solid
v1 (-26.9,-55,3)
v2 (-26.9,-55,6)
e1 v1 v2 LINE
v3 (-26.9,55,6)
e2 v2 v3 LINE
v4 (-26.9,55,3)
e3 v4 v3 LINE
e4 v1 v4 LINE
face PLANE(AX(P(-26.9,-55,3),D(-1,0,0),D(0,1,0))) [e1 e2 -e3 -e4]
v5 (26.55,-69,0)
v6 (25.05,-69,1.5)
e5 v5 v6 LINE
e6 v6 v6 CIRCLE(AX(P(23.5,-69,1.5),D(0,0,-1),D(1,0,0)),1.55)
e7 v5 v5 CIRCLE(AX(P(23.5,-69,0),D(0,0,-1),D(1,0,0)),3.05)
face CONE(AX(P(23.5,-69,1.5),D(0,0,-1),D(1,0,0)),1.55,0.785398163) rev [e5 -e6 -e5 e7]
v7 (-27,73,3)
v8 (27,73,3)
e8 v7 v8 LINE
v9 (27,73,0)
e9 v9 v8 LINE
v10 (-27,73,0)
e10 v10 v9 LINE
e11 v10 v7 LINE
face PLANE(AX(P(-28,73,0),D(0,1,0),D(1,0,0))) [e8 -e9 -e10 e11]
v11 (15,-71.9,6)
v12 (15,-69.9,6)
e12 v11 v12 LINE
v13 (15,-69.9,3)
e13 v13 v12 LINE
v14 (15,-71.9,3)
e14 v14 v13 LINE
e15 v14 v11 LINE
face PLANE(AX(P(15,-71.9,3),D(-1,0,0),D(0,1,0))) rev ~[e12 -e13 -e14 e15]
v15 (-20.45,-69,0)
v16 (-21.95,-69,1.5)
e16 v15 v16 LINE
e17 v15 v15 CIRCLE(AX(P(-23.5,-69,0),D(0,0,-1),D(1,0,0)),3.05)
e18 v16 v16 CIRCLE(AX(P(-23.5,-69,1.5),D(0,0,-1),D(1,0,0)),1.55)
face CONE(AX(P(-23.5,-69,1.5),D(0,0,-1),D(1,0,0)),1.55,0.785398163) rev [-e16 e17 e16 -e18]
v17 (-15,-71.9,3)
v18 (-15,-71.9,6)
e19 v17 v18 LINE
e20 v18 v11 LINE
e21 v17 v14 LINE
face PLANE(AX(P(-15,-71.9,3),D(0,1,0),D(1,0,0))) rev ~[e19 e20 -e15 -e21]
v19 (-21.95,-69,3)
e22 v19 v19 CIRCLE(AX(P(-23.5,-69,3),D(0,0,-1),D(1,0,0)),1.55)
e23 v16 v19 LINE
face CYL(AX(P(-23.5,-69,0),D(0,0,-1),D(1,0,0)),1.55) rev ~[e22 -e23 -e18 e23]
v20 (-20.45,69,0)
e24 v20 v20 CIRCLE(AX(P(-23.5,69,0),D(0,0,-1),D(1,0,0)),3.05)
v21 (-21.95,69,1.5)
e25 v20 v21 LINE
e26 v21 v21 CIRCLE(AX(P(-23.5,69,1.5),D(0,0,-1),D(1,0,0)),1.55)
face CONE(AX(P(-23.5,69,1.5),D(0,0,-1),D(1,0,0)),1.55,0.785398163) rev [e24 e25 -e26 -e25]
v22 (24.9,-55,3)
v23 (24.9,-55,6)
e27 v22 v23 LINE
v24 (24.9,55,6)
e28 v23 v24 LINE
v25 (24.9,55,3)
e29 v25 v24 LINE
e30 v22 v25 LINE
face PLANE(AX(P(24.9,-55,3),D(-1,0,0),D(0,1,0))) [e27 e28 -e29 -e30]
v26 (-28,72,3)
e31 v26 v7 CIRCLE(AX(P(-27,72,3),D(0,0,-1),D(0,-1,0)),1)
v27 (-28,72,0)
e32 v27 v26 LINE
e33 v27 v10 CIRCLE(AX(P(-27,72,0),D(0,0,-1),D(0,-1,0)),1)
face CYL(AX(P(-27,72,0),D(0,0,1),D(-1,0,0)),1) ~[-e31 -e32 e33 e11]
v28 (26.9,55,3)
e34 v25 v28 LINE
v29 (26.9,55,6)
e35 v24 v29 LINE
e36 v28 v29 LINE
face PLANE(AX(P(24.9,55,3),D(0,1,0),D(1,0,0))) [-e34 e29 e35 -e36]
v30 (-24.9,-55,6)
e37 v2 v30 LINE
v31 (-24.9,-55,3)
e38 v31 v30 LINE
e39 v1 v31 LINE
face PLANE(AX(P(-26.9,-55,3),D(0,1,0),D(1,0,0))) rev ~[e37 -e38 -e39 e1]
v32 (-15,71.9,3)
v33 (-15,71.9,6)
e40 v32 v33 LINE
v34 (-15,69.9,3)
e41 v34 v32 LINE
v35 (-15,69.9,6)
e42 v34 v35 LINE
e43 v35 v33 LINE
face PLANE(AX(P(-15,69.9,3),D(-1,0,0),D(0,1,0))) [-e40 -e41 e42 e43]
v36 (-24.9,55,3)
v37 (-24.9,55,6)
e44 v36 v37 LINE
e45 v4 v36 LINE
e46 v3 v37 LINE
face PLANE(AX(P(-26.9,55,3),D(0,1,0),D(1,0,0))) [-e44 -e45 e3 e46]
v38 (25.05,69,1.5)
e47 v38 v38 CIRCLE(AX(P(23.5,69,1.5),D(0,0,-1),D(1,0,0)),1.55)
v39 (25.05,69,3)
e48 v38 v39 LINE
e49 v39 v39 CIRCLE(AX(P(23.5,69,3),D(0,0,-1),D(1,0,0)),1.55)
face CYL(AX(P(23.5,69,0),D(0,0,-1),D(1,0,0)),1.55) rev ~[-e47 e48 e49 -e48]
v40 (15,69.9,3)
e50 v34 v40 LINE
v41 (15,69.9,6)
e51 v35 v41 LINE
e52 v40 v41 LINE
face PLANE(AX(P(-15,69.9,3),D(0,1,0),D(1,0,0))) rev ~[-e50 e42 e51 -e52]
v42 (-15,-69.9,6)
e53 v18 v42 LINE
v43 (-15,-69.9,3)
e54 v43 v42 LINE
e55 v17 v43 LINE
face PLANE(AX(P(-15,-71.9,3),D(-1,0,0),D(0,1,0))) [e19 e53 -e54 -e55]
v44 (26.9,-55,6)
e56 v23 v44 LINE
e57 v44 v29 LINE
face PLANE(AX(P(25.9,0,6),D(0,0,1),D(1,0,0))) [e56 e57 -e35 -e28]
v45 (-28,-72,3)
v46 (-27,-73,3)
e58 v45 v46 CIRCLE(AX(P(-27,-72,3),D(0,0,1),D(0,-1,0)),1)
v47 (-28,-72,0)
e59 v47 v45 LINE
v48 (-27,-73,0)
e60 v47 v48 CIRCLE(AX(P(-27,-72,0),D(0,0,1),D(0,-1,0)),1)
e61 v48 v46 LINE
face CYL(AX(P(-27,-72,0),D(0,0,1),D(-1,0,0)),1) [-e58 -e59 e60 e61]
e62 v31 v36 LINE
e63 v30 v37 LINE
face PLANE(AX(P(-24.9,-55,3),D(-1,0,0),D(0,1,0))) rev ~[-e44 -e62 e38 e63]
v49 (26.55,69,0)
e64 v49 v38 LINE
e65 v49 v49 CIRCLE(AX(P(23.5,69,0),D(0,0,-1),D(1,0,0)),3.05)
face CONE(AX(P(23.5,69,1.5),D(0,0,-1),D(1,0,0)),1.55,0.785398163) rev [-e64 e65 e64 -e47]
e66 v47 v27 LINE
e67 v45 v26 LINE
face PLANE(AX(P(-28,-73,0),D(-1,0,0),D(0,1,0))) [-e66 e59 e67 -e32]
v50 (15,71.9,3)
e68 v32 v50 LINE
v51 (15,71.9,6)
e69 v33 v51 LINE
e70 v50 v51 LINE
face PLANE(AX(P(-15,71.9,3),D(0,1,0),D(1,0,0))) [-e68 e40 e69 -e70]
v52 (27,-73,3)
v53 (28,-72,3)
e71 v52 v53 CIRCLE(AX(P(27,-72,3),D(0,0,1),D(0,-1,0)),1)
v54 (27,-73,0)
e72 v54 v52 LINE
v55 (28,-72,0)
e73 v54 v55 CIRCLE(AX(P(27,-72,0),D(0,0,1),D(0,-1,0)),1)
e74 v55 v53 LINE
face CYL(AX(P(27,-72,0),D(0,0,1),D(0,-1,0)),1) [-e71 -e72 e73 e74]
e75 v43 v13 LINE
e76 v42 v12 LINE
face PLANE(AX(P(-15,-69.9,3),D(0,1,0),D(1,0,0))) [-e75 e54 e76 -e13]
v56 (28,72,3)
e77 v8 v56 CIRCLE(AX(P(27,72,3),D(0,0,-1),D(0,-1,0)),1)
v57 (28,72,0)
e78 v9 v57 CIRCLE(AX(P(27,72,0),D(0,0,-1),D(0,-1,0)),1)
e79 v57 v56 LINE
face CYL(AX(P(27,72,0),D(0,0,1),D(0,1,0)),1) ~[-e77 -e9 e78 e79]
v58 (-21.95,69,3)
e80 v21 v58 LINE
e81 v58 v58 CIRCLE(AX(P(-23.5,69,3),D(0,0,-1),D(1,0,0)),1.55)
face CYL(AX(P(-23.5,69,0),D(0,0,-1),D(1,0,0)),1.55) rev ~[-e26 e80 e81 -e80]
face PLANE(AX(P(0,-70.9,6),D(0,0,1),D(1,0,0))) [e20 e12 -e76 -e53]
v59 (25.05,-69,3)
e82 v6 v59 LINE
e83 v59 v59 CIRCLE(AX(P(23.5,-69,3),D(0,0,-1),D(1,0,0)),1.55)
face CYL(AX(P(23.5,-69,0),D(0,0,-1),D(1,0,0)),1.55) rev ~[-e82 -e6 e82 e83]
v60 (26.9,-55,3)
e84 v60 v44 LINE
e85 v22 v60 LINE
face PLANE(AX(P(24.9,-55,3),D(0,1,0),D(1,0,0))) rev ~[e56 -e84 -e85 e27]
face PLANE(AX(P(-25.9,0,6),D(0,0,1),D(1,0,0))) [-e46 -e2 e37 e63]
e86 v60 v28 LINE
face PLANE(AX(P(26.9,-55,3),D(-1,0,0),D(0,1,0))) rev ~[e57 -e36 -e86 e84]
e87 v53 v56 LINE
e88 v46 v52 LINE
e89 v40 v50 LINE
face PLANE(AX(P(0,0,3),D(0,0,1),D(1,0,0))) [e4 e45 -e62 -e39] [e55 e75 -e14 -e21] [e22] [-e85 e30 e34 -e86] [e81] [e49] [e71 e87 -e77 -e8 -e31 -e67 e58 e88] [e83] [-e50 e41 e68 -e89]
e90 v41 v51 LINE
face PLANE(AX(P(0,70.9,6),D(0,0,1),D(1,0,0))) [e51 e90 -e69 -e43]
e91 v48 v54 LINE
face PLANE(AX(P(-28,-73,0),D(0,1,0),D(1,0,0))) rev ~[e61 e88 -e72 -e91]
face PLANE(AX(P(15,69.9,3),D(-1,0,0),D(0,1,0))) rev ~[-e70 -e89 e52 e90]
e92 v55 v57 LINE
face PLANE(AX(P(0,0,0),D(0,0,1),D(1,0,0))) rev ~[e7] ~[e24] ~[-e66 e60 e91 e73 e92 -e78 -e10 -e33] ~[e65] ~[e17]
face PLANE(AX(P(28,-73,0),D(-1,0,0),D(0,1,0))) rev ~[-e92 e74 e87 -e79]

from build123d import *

# Parameters (mm, degrees)
SKETCH_W      = 56
SKETCH_H      = 146
PAD_DEPTH     = 3
SKETCH001_W   = 2
SKETCH001_H   = 110
SKETCH001_W_2 = 30
SKETCH001_H_2 = 2
PAD001_DEPTH  = 3
SKETCH002_R   = 1.55
POCKET_DEPTH  = 3
CHAMFER_SIZE  = 1.5
FILLET_R      = 1


with BuildPart() as part:
    # Sketch → Pad (new body)
    with BuildSketch(Plane.XY):
        Rectangle(SKETCH_W, SKETCH_H)
    extrude(amount=PAD_DEPTH)

    # Sketch001 (on Face6 of Pad) → Pad001 (join)
    with BuildSketch(Plane.XY.offset(3)):
        with Locations((-25.9, 0)):
            Rectangle(SKETCH001_W, SKETCH001_H)
        with Locations((25.9, 0)):
            Rectangle(SKETCH001_W, SKETCH001_H)
        with Locations((0, 70.9)):
            Rectangle(SKETCH001_W_2, SKETCH001_H_2)
        with Locations((0, -70.9)):
            Rectangle(SKETCH001_W_2, SKETCH001_H_2)
    extrude(amount=PAD001_DEPTH)

    # Sketch002 (on Face4 of Pad001) → Pocket (cut)
    with BuildSketch(Plane(origin=(0, 0, 0), x_dir=(1, 0, 0), z_dir=(0, 0, -1))):
        with Locations((-23.5, 69)):
            Circle(SKETCH002_R)
        with Locations((23.5, 69)):
            Circle(SKETCH002_R)
        with Locations((-23.5, -69)):
            Circle(SKETCH002_R)
        with Locations((23.5, -69)):
            Circle(SKETCH002_R)
    extrude(amount=-POCKET_DEPTH, mode=Mode.SUBTRACT)

    # Chamfer
    chamfer_edges = [part.edges().sort_by_distance(p)[0] for p in [
        (-25.05, -69, 0),
        (21.95, -69, 0),
        (-25.05, 69, 0),
        (21.95, 69, 0),
    ]]
    chamfer(chamfer_edges, length=CHAMFER_SIZE)

    # Fillet
    fillet_edges = [part.edges().sort_by_distance(p)[0] for p in [
        (-28, -73, 1.5),
        (28, -73, 1.5),
        (-28, 73, 1.5),
        (28, 73, 1.5),
    ]]
    fillet(fillet_edges, radius=FILLET_R)


solid = part.part
